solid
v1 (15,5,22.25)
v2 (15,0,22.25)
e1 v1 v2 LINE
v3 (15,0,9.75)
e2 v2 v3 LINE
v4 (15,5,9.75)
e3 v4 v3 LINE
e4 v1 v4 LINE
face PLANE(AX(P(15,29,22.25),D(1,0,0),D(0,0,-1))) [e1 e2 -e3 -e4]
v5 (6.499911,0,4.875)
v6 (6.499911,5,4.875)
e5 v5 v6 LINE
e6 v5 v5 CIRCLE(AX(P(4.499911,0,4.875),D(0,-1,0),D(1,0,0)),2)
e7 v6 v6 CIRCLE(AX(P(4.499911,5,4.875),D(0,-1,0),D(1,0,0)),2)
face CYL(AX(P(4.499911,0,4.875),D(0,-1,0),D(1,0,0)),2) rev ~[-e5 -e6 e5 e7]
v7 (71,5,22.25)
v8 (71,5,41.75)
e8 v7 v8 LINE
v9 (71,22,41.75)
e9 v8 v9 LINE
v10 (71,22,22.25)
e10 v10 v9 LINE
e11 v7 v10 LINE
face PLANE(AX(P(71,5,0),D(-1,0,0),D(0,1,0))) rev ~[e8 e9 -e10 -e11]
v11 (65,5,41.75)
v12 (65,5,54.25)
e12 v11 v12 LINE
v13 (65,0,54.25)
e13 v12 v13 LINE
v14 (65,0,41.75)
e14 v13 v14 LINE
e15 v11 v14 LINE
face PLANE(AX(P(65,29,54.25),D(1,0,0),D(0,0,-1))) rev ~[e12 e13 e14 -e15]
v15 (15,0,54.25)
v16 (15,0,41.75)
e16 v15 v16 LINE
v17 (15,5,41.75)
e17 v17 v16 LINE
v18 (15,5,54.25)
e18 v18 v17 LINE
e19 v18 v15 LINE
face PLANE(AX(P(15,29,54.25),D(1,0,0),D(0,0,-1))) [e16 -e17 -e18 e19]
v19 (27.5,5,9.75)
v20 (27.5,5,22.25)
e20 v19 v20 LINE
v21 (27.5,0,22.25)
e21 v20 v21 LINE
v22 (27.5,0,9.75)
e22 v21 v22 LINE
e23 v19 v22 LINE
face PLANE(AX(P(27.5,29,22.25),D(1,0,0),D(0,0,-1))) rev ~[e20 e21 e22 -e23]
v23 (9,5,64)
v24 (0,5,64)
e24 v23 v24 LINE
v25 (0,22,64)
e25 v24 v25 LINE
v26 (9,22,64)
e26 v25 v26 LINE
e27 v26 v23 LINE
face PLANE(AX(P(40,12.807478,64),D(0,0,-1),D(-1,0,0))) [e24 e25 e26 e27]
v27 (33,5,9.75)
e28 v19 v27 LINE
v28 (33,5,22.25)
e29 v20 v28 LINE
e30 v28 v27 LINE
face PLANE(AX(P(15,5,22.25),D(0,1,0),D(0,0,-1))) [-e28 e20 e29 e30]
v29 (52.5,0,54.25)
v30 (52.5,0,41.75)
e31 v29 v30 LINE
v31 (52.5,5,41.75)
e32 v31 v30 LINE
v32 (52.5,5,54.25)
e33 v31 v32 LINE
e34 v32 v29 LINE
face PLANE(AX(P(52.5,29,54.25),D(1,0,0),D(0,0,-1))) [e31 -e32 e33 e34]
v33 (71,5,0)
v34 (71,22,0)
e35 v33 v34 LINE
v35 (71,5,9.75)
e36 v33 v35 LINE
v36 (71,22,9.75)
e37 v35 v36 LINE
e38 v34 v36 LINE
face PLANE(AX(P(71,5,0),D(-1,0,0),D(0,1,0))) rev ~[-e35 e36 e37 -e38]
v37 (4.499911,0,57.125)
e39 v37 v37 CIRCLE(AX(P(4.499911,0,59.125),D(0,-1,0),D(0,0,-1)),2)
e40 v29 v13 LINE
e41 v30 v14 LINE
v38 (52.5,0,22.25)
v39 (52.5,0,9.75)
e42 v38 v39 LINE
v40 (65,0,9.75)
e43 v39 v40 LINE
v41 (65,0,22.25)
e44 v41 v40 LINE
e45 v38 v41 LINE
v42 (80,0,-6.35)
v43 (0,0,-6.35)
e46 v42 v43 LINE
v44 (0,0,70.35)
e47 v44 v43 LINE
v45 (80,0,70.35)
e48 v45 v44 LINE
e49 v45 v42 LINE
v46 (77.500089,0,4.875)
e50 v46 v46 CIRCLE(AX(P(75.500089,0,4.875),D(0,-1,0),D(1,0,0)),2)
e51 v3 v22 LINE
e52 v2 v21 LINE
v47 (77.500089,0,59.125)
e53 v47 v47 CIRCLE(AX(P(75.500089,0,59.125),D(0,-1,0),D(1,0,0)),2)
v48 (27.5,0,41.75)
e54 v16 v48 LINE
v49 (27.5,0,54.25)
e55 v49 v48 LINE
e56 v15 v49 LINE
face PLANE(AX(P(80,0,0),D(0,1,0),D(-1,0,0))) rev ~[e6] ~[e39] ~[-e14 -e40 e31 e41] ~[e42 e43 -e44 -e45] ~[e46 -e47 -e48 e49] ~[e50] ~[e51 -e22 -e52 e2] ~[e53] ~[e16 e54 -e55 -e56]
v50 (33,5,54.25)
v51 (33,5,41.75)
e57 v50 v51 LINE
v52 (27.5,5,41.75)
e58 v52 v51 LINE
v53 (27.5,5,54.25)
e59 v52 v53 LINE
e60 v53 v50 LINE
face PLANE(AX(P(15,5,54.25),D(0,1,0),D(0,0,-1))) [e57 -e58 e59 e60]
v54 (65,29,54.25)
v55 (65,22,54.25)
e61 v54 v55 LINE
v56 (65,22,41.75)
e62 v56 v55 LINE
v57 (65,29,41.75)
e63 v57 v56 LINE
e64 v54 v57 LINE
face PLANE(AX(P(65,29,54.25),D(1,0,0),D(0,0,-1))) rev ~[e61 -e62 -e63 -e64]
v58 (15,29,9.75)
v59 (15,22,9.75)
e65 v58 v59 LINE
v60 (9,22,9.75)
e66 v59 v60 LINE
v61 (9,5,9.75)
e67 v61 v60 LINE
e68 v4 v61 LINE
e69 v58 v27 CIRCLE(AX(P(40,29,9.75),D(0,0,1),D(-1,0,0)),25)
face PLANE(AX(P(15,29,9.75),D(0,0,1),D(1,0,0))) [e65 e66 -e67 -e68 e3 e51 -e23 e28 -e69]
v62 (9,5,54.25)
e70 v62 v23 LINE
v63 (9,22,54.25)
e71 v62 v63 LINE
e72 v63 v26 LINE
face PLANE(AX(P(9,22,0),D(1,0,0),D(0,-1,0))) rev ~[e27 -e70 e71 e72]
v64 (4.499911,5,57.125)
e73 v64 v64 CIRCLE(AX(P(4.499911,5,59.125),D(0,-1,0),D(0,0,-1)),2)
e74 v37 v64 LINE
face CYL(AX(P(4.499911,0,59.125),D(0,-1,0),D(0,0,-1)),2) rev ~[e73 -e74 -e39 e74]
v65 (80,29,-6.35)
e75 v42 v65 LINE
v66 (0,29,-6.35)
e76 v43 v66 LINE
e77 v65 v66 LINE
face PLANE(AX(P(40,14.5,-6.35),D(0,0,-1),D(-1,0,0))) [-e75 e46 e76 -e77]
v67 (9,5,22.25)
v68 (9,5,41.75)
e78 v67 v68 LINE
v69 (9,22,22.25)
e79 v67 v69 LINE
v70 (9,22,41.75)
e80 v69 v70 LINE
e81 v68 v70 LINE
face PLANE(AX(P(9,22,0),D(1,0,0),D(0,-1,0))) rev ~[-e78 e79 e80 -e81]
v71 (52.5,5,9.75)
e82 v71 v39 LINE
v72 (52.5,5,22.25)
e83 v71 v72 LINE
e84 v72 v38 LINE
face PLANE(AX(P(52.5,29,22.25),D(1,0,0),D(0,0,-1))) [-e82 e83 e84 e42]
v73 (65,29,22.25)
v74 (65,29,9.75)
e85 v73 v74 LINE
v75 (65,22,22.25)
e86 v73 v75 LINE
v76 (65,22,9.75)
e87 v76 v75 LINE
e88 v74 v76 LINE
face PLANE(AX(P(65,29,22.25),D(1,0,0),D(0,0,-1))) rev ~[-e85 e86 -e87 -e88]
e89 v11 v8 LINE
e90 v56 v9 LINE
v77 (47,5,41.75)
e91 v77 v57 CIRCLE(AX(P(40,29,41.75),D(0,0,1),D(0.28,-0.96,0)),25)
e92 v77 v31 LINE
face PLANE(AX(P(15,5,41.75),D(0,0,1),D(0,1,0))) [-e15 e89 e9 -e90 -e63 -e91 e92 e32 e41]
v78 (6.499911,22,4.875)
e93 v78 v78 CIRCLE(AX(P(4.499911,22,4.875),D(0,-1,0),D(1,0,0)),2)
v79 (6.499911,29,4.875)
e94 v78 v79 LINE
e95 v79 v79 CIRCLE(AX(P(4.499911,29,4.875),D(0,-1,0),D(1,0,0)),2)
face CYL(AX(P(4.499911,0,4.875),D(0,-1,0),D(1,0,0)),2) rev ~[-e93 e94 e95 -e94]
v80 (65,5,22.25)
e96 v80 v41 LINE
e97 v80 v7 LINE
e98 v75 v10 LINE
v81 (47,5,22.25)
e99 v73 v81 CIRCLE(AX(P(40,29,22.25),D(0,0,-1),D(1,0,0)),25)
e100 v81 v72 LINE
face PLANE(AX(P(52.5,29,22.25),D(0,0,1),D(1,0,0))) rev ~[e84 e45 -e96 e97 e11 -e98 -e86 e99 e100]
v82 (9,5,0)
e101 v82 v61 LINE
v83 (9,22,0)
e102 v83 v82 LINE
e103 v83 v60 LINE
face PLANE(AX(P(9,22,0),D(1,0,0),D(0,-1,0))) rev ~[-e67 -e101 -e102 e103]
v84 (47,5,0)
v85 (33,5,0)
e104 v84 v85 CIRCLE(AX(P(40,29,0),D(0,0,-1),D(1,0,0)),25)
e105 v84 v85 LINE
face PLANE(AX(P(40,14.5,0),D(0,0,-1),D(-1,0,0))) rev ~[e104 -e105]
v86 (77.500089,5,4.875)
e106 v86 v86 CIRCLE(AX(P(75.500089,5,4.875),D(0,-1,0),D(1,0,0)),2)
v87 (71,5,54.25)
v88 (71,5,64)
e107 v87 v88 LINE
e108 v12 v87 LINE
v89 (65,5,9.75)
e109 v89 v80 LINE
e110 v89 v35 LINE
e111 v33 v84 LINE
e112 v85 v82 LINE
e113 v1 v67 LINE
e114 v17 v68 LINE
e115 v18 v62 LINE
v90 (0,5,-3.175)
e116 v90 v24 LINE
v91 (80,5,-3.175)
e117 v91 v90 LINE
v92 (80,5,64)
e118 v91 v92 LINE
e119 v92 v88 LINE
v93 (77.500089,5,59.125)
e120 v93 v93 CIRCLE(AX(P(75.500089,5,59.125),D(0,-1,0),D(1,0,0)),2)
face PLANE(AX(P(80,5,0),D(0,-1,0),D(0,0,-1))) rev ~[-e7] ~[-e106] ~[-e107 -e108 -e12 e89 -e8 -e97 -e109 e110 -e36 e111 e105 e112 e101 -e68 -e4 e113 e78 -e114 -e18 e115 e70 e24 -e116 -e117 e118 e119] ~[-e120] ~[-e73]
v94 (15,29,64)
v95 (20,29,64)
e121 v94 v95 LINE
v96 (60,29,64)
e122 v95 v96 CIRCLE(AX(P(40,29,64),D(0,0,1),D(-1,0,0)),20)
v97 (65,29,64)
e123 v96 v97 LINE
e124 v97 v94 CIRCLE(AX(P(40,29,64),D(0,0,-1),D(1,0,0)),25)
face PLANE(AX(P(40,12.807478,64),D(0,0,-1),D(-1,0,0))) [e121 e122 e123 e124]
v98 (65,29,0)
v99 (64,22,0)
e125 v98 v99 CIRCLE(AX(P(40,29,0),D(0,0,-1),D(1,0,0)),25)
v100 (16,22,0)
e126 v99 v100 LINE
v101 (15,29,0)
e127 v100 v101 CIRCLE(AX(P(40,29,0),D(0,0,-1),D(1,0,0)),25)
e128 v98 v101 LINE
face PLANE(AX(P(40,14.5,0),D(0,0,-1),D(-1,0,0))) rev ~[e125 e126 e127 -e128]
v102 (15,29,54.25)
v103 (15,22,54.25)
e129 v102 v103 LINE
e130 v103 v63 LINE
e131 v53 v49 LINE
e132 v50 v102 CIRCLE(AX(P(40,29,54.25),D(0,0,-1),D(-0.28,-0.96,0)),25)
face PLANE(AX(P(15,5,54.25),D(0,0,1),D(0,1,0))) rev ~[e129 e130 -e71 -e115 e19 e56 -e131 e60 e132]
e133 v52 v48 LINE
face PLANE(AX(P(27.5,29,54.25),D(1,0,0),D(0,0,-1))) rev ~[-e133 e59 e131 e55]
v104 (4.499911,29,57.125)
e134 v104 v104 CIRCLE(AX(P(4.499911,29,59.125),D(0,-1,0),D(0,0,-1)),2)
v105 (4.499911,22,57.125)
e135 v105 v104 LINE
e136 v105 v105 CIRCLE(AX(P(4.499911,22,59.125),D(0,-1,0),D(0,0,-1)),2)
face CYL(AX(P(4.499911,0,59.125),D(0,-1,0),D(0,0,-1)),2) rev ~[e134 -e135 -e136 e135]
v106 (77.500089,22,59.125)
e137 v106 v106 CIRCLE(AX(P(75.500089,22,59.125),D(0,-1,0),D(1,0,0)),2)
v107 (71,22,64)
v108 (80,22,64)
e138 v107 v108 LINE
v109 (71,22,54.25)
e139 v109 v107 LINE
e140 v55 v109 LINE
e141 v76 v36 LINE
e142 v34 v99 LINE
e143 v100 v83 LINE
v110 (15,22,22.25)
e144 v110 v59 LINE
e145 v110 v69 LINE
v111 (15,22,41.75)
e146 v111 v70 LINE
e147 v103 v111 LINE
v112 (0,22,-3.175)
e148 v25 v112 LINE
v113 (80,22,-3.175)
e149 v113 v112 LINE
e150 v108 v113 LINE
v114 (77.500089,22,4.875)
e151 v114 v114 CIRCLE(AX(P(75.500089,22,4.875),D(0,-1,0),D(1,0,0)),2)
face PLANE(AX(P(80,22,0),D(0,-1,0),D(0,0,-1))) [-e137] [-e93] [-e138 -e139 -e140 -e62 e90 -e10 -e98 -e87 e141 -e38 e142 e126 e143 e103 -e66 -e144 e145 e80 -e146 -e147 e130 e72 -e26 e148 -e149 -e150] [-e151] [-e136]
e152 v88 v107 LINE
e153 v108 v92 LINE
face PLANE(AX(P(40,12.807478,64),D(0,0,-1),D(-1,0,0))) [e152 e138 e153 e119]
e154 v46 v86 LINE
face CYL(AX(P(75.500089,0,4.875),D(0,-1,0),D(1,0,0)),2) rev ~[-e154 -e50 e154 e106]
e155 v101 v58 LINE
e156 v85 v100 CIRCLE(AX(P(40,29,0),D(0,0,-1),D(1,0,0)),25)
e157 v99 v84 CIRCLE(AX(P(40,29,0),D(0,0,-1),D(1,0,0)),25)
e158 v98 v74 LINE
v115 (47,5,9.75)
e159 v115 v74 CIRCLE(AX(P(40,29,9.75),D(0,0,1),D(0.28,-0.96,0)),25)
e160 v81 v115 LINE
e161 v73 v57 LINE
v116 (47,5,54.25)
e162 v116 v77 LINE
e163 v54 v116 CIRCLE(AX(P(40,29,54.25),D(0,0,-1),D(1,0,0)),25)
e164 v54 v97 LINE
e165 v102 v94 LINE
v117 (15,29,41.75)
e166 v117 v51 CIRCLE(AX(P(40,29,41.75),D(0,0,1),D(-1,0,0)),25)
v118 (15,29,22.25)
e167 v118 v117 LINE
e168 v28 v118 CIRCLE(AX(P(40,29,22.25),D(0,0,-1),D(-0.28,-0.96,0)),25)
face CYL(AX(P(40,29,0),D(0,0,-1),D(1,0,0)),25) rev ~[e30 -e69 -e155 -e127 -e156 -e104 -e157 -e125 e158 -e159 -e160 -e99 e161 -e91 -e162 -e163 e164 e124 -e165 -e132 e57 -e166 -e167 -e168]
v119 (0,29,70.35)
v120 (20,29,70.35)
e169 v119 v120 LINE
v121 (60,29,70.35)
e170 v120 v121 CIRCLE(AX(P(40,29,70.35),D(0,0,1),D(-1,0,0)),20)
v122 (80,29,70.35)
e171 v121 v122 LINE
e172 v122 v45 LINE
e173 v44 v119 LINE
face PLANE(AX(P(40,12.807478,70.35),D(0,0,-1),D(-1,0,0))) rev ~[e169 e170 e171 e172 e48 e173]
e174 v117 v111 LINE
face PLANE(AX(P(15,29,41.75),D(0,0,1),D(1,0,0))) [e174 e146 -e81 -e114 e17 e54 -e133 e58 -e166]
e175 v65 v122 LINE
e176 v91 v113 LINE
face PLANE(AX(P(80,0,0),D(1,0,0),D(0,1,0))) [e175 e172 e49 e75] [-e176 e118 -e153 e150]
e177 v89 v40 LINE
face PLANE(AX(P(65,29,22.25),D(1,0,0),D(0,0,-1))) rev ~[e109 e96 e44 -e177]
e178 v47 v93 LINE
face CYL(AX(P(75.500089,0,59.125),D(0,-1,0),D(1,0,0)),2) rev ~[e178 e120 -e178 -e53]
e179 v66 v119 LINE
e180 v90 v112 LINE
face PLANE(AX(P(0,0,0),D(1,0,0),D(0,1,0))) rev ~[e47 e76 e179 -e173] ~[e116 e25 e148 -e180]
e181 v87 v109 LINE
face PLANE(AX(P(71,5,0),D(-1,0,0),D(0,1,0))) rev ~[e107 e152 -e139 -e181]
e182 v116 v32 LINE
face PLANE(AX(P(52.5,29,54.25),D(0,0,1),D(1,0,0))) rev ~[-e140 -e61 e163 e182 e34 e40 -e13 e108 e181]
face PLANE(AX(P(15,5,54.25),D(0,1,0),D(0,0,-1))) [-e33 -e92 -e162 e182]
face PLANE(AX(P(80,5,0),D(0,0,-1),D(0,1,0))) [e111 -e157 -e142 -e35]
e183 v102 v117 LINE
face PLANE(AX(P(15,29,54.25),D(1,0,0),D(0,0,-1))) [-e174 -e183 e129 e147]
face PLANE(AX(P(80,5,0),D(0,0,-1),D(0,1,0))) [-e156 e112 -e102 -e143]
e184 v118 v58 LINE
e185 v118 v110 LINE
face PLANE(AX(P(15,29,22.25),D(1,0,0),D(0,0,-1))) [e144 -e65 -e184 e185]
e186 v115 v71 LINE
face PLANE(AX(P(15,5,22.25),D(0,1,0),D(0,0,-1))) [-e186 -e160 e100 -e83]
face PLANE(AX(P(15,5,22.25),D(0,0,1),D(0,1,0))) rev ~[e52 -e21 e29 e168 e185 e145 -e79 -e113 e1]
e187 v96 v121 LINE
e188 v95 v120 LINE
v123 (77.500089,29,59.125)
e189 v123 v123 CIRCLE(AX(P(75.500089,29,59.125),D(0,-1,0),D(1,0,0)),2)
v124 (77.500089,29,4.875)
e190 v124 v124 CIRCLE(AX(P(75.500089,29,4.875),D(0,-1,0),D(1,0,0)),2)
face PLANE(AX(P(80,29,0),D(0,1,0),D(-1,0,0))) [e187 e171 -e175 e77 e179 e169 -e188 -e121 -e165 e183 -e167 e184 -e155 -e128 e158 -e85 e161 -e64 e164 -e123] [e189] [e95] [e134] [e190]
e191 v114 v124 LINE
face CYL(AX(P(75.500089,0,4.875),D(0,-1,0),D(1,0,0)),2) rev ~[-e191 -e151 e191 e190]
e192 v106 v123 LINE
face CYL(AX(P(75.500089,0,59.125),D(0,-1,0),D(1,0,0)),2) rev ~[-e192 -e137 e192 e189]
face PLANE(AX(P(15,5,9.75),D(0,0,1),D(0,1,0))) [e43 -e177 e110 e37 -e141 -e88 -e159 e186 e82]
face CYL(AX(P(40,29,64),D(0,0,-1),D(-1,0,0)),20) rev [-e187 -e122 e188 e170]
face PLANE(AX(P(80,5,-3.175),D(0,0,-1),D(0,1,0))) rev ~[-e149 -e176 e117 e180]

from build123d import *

# Parameters (mm, degrees)
BOSS_EXTRUDE1_DEPTH            = 64
BOSS_EXTRUDE2_DEPTH            = 6.35
SKETCH3_W                      = 12.5
SKETCH3_H                      = 12.5
CUT_EXTRUDE1_DEPTH             = 29
CUT_EXTRUDE2_REACH             = 102.076
SKETCH5_W                      = 12.5
SKETCH5_H                      = 17
CUT_EXTRUDE2_DIRECTION_2_REACH = 102.076
CUT_EXTRUDE3_REACH             = 112.409
SKETCH6_R                      = 2
SKETCH7_W                      = 80
SKETCH7_H                      = 29
BOSS_EXTRUDE3_DEPTH            = 6.35
SKETCH8_W                      = 3.175
SKETCH8_H                      = 17
CUT_EXTRUDE4_DEPTH             = 80


with BuildPart() as part:
    # Sketch1 → Boss-Extrude1 (new body)
    with BuildSketch(Plane.XY):
        with BuildLine():
            Line((0, 0), (80, 0))
            Line((80, 0), (80, 5))
            Line((80, 5), (71, 5))
            Line((71, 5), (71, 22))
            Line((71, 22), (80, 22))
            Line((80, 22), (80, 29))
            Line((80, 29), (65, 29))
            ThreePointArc((65, 29), (40, 4), (15, 29))
            Line((15, 29), (0, 29))
            Line((0, 29), (0, 22))
            Line((0, 22), (9, 22))
            Line((9, 22), (9, 5))
            Line((9, 5), (0, 5))
            Line((0, 5), (0, 0))
        make_face()
    extrude(amount=BOSS_EXTRUDE1_DEPTH)

    # Sketch2 → Boss-Extrude2 (add)
    with BuildSketch(Plane.XY.offset(64)):
        with BuildLine():
            Line((60, 29), (80, 29))
            Line((80, 29), (80, 0))
            Line((80, 0), (0, 0))
            Line((0, 0), (0, 29))
            Line((0, 29), (20, 29))
            ThreePointArc((20, 29), (40, 9), (60, 29))
        make_face()
    extrude(amount=BOSS_EXTRUDE2_DEPTH)

    # Sketch3 → Cut-Extrude1 (cut)
    with BuildSketch(Plane(origin=(0, 29, 0), x_dir=(1, 0, 0), z_dir=(0, 1, 0))):
        with Locations((21.25, -16)):
            Rectangle(SKETCH3_W, SKETCH3_H)
        with Locations((58.75, -16)):
            Rectangle(SKETCH3_W, SKETCH3_H)
        with Locations((21.25, -48)):
            Rectangle(SKETCH3_W, SKETCH3_H)
        with Locations((58.75, -48)):
            Rectangle(SKETCH3_W, SKETCH3_H)
    extrude(amount=-CUT_EXTRUDE1_DEPTH, mode=Mode.SUBTRACT)

    # Cut-Extrude2: up to this face of the body (flat: up to its plane)
    cut_extrude2_end = Plane(part.part.faces().sort_by_distance((9, 13.5, 32))[0])
    # Sketch5 → Cut-Extrude2 (cut, up to the picked face)
    with BuildSketch(Plane(origin=(15, 0, 0), x_dir=(0, 0, -1), z_dir=(1, 0, 0)), mode=Mode.PRIVATE) as cut_extrude2_sk1:
        with Locations((-48, 13.5)):
            Rectangle(SKETCH5_W, SKETCH5_H)
    cut_extrude2_tool1 = split(extrude(cut_extrude2_sk1.sketch, amount=-CUT_EXTRUDE2_REACH, mode=Mode.PRIVATE), bisect_by=cut_extrude2_end, keep=Keep.BOTH, mode=Mode.PRIVATE)
    # Sketch5 → Cut-Extrude2 (cut, up to the picked face)
    with BuildSketch(Plane(origin=(15, 0, 0), x_dir=(0, 0, -1), z_dir=(1, 0, 0)), mode=Mode.PRIVATE) as cut_extrude2_sk2:
        with Locations((-16, 13.5)):
            Rectangle(SKETCH5_W, SKETCH5_H)
    cut_extrude2_tool2 = split(extrude(cut_extrude2_sk2.sketch, amount=-CUT_EXTRUDE2_REACH, mode=Mode.PRIVATE), bisect_by=cut_extrude2_end, keep=Keep.BOTH, mode=Mode.PRIVATE)
    add(cut_extrude2_tool1.solids().sort_by(Axis((15, 13.5, 48), (-1, 0, 0)))[0], mode=Mode.SUBTRACT)
    add(cut_extrude2_tool2.solids().sort_by(Axis((15, 13.5, 16), (-1, 0, 0)))[0], mode=Mode.SUBTRACT)

    # Cut-Extrude2 direction 2: up to this face of the body (flat: up to its plane)
    cut_extrude2_direction_2_end = Plane(part.part.faces().sort_by_distance((71, 13.5, 32))[0])
    # Sketch5 → Cut-Extrude2 direction 2 (cut, up to the picked face)
    with BuildSketch(Plane(origin=(15, 0, 0), x_dir=(0, 0, -1), z_dir=(1, 0, 0)), mode=Mode.PRIVATE) as cut_extrude2_direction_2_sk1:
        with Locations((-48, 13.5)):
            Rectangle(SKETCH5_W, SKETCH5_H)
    cut_extrude2_direction_2_tool1 = split(extrude(cut_extrude2_direction_2_sk1.sketch, amount=CUT_EXTRUDE2_DIRECTION_2_REACH, mode=Mode.PRIVATE), bisect_by=cut_extrude2_direction_2_end, keep=Keep.BOTH, mode=Mode.PRIVATE)
    # Sketch5 → Cut-Extrude2 direction 2 (cut, up to the picked face)
    with BuildSketch(Plane(origin=(15, 0, 0), x_dir=(0, 0, -1), z_dir=(1, 0, 0)), mode=Mode.PRIVATE) as cut_extrude2_direction_2_sk2:
        with Locations((-16, 13.5)):
            Rectangle(SKETCH5_W, SKETCH5_H)
    cut_extrude2_direction_2_tool2 = split(extrude(cut_extrude2_direction_2_sk2.sketch, amount=CUT_EXTRUDE2_DIRECTION_2_REACH, mode=Mode.PRIVATE), bisect_by=cut_extrude2_direction_2_end, keep=Keep.BOTH, mode=Mode.PRIVATE)
    add(cut_extrude2_direction_2_tool1.solids().sort_by(Axis((15, 13.5, 48), (1, 0, 0)))[0], mode=Mode.SUBTRACT)
    add(cut_extrude2_direction_2_tool2.solids().sort_by(Axis((15, 13.5, 16), (1, 0, 0)))[0], mode=Mode.SUBTRACT)

    # Cut-Extrude3: up to this face of the body (flat: up to its plane)
    cut_extrude3_end = Plane(part.part.faces().sort_by_distance((72.207911684, 29, 36.109682613))[0])
    # Sketch6 → Cut-Extrude3 (cut, up to the picked face)
    with BuildSketch(Plane(origin=(0, 0, 0), x_dir=(-1, 0, 0), z_dir=(0, -1, 0)), mode=Mode.PRIVATE) as cut_extrude3_sk1:
        with Locations(Location((-4.499910861, -59.125, 0), (0, 0, 90))):
            Circle(SKETCH6_R)
    cut_extrude3_tool1 = split(extrude(cut_extrude3_sk1.sketch, amount=-CUT_EXTRUDE3_REACH, mode=Mode.PRIVATE), bisect_by=cut_extrude3_end, keep=Keep.BOTH, mode=Mode.PRIVATE)
    # Sketch6 → Cut-Extrude3 (cut, up to the picked face)
    with BuildSketch(Plane(origin=(0, 0, 0), x_dir=(-1, 0, 0), z_dir=(0, -1, 0)), mode=Mode.PRIVATE) as cut_extrude3_sk2:
        with Locations(Location((-4.499910861, -4.875, 0), (0, 0, 180))):
            Circle(SKETCH6_R)
    cut_extrude3_tool2 = split(extrude(cut_extrude3_sk2.sketch, amount=-CUT_EXTRUDE3_REACH, mode=Mode.PRIVATE), bisect_by=cut_extrude3_end, keep=Keep.BOTH, mode=Mode.PRIVATE)
    # Sketch6 → Cut-Extrude3 (cut, up to the picked face)
    with BuildSketch(Plane(origin=(0, 0, 0), x_dir=(-1, 0, 0), z_dir=(0, -1, 0)), mode=Mode.PRIVATE) as cut_extrude3_sk3:
        with Locations(Location((-75.500089139, -4.875, 0), (0, 0, 180))):
            Circle(SKETCH6_R)
    cut_extrude3_tool3 = split(extrude(cut_extrude3_sk3.sketch, amount=-CUT_EXTRUDE3_REACH, mode=Mode.PRIVATE), bisect_by=cut_extrude3_end, keep=Keep.BOTH, mode=Mode.PRIVATE)
    # Sketch6 → Cut-Extrude3 (cut, up to the picked face)
    with BuildSketch(Plane(origin=(0, 0, 0), x_dir=(-1, 0, 0), z_dir=(0, -1, 0)), mode=Mode.PRIVATE) as cut_extrude3_sk4:
        with Locations(Location((-75.500089139, -59.125, 0), (0, 0, 180))):
            Circle(SKETCH6_R)
    cut_extrude3_tool4 = split(extrude(cut_extrude3_sk4.sketch, amount=-CUT_EXTRUDE3_REACH, mode=Mode.PRIVATE), bisect_by=cut_extrude3_end, keep=Keep.BOTH, mode=Mode.PRIVATE)
    add(cut_extrude3_tool1.solids().sort_by(Axis((4.499911, 0, 59.125), (0, 1, 0)))[0], mode=Mode.SUBTRACT)
    add(cut_extrude3_tool2.solids().sort_by(Axis((4.499911, 0, 4.875), (0, 1, 0)))[0], mode=Mode.SUBTRACT)
    add(cut_extrude3_tool3.solids().sort_by(Axis((75.500089, 0, 4.875), (0, 1, 0)))[0], mode=Mode.SUBTRACT)
    add(cut_extrude3_tool4.solids().sort_by(Axis((75.500089, 0, 59.125), (0, 1, 0)))[0], mode=Mode.SUBTRACT)

    # Sketch7 → Boss-Extrude3 (add)
    with BuildSketch(Plane(origin=(0, 0, 0), x_dir=(-1, 0, 0), z_dir=(0, 0, -1))):
        with Locations((-40, 14.5)):
            Rectangle(SKETCH7_W, SKETCH7_H)
    extrude(amount=BOSS_EXTRUDE3_DEPTH)

    # Sketch8 → Cut-Extrude4 (cut)
    with BuildSketch(Plane(origin=(80, 0, 0), x_dir=(0, 0, -1), z_dir=(1, 0, 0))):
        with Locations((1.5875, 13.5)):
            Rectangle(SKETCH8_W, SKETCH8_H)
    extrude(amount=-CUT_EXTRUDE4_DEPTH, mode=Mode.SUBTRACT)


solid = part.part
